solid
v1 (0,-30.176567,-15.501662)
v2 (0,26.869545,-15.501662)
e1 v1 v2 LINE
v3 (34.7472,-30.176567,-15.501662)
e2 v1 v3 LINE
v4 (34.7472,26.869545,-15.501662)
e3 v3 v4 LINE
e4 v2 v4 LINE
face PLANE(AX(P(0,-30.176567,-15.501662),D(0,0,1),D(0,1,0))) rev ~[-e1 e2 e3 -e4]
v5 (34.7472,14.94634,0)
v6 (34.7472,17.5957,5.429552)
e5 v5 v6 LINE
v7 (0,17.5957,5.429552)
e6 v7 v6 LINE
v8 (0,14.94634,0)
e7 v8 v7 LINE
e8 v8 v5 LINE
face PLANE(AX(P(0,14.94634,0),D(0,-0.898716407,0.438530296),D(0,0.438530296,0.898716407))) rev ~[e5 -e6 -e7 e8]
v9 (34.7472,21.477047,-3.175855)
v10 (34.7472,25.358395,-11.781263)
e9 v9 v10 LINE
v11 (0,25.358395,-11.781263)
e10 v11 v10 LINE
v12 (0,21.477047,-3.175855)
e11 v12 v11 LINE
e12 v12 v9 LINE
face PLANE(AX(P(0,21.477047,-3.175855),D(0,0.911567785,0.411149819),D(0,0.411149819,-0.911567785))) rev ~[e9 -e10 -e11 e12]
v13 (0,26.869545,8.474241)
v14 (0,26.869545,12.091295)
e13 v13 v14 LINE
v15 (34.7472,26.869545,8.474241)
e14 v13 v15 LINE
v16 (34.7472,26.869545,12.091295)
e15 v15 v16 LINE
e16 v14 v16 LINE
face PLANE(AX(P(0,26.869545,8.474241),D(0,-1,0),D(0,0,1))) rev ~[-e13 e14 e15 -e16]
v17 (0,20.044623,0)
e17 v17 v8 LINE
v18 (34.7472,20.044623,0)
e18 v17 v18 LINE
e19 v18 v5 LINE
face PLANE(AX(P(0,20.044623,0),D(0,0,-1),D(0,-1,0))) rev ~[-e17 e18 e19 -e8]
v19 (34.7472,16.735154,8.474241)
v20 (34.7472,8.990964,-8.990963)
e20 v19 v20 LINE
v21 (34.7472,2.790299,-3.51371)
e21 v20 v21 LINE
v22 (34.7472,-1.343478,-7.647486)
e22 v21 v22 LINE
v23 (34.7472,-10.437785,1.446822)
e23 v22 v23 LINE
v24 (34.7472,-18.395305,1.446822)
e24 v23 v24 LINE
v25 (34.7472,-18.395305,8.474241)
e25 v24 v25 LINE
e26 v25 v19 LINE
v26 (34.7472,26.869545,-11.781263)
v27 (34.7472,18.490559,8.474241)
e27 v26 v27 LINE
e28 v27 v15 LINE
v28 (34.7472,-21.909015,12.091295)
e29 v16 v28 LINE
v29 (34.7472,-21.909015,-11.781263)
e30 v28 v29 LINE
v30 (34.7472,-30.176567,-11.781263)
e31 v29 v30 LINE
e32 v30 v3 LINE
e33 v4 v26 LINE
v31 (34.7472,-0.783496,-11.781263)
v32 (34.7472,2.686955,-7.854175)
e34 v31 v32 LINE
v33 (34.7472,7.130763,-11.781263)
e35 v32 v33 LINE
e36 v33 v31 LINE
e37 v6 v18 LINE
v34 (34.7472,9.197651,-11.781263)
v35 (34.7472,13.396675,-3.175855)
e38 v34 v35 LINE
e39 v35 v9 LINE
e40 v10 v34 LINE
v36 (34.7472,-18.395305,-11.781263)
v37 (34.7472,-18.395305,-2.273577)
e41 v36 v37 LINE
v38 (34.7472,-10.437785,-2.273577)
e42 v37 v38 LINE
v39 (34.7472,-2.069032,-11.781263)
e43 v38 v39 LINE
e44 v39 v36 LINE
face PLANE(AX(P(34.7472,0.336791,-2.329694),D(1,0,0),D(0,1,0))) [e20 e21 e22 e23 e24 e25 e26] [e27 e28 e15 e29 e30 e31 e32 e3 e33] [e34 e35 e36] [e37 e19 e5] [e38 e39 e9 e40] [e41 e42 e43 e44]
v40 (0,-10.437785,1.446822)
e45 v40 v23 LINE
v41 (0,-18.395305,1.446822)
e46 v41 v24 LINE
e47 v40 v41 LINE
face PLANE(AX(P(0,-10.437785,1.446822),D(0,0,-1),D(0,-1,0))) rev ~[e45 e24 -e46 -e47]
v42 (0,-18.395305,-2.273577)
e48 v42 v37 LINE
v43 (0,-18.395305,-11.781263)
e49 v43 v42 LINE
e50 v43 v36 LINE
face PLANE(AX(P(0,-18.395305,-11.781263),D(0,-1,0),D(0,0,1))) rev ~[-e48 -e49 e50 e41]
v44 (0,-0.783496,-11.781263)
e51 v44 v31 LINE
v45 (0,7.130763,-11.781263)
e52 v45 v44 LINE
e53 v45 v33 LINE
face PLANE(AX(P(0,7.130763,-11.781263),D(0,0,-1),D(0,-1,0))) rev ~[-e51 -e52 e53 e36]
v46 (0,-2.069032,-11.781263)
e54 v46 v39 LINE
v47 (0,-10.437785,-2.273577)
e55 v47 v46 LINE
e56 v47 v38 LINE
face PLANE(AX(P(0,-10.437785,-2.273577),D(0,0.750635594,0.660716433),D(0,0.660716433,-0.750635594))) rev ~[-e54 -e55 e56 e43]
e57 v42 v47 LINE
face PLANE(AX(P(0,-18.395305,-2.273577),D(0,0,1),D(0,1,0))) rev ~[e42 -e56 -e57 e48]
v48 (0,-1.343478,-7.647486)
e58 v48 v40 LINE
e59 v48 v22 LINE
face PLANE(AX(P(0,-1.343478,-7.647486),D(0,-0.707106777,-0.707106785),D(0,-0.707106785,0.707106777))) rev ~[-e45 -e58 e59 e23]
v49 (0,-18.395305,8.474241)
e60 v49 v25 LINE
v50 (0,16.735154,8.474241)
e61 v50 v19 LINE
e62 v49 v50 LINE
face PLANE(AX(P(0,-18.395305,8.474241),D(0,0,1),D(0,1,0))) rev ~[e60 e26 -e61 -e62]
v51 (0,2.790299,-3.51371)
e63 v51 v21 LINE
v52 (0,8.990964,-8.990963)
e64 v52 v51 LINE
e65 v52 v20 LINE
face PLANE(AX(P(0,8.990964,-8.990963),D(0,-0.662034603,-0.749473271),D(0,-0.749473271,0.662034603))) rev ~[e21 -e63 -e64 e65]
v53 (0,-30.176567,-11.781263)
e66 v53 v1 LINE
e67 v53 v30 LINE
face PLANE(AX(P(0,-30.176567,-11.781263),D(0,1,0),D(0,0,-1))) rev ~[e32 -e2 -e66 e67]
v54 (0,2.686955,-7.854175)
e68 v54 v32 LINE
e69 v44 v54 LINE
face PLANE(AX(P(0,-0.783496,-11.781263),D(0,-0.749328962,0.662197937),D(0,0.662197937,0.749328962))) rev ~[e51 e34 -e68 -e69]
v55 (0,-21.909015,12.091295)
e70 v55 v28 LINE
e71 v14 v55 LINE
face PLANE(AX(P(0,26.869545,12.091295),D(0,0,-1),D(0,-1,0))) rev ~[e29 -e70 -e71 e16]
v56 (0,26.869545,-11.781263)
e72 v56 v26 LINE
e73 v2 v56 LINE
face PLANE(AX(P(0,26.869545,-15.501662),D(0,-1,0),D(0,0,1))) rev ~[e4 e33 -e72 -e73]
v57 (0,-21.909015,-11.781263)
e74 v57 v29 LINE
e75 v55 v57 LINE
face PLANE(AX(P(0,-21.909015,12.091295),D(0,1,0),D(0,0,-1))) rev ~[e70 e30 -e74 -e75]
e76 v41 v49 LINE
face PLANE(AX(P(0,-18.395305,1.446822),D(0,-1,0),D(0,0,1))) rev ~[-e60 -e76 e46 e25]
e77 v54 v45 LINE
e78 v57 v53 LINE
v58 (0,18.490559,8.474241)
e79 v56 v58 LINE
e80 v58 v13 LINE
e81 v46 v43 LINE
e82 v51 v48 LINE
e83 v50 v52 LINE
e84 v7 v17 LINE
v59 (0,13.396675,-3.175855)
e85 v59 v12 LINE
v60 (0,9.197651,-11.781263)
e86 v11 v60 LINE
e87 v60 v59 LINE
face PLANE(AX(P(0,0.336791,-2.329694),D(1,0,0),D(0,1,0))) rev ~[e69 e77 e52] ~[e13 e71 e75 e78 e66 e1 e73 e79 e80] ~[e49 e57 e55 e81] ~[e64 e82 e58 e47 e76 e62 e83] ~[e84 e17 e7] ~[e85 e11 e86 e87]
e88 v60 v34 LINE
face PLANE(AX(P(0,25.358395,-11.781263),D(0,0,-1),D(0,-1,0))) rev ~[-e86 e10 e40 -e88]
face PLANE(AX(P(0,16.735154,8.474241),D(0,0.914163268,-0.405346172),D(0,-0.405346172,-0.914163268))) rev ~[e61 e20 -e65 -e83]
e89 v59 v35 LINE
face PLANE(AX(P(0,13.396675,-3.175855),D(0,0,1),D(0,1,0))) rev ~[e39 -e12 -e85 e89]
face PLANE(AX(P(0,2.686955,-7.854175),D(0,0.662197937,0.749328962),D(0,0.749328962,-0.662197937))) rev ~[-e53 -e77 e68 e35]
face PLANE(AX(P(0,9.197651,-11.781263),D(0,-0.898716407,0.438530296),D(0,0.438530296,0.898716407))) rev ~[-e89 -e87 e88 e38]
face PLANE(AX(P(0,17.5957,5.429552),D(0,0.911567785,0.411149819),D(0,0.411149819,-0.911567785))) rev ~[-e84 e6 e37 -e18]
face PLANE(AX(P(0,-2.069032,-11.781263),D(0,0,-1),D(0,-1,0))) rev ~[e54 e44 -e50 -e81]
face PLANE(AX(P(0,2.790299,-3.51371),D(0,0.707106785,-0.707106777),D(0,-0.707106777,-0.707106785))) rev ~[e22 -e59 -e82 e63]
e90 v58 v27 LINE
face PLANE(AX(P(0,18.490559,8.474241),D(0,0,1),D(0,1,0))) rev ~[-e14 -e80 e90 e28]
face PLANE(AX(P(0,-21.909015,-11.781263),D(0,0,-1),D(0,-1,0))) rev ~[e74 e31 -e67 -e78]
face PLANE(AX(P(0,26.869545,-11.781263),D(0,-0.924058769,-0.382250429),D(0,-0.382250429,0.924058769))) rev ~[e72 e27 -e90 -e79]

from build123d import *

# Parameters (mm, degrees)
F1_DEPTH = 76.2
F2_SCALE = 0.456


with BuildPart() as f1:
    # F0 (on Right) → F1 (new body)
    with BuildSketch(Plane.YZ):
        Polygon((-48.0460859835, 26.5159979463), (-48.0460859835, 18.583862111), (-48.0460859835, -25.8361026645), (-66.1766827106, -25.8361026645), (-66.1766827106, -33.994872123), (58.9244402945, -33.994872123), (58.9244402945, -25.8361026645), (40.5494719744, 18.583862111), (58.9244402945, 18.583862111), (58.9244402945, 26.5159979463), align=None)
        Polygon((-40.3405800462, -25.8361026645), (-40.3405800462, -4.9859141), (-22.8898804635, -4.9859141), (-4.5373504981, -25.8361026645), align=None, mode=Mode.SUBTRACT)
        Polygon((5.892444402, -17.2240678221), (15.6376380473, -25.8361026645), (-1.7181939112, -25.8361026645), align=None, mode=Mode.SUBTRACT)
        Polygon((20.1702881604, -25.8361026645), (29.3786743217, -6.9645952518), (47.0987882776, -6.9645952518), (55.6105160723, -25.8361026645), align=None, mode=Mode.SUBTRACT)
        Polygon((-40.3405800462, 3.1728551257), (-40.3405800462, 18.583862111), (36.699898541, 18.583862111), (19.7170265019, -19.7170246392), (6.1190756969, -7.705503609), (-2.9462228446, -16.7708022576), (-22.8898804635, 3.1728551257), align=None, mode=Mode.SUBTRACT)
        Polygon((32.7770611666, 0), (38.5870604829, 11.9069121608), (43.9575056186, 0), align=None, mode=Mode.SUBTRACT)
    extrude(amount=F1_DEPTH)


with BuildPart() as f1_1:
    # F2: moved
    add(f1.part.scale(F2_SCALE))


solid = f1_1.part
